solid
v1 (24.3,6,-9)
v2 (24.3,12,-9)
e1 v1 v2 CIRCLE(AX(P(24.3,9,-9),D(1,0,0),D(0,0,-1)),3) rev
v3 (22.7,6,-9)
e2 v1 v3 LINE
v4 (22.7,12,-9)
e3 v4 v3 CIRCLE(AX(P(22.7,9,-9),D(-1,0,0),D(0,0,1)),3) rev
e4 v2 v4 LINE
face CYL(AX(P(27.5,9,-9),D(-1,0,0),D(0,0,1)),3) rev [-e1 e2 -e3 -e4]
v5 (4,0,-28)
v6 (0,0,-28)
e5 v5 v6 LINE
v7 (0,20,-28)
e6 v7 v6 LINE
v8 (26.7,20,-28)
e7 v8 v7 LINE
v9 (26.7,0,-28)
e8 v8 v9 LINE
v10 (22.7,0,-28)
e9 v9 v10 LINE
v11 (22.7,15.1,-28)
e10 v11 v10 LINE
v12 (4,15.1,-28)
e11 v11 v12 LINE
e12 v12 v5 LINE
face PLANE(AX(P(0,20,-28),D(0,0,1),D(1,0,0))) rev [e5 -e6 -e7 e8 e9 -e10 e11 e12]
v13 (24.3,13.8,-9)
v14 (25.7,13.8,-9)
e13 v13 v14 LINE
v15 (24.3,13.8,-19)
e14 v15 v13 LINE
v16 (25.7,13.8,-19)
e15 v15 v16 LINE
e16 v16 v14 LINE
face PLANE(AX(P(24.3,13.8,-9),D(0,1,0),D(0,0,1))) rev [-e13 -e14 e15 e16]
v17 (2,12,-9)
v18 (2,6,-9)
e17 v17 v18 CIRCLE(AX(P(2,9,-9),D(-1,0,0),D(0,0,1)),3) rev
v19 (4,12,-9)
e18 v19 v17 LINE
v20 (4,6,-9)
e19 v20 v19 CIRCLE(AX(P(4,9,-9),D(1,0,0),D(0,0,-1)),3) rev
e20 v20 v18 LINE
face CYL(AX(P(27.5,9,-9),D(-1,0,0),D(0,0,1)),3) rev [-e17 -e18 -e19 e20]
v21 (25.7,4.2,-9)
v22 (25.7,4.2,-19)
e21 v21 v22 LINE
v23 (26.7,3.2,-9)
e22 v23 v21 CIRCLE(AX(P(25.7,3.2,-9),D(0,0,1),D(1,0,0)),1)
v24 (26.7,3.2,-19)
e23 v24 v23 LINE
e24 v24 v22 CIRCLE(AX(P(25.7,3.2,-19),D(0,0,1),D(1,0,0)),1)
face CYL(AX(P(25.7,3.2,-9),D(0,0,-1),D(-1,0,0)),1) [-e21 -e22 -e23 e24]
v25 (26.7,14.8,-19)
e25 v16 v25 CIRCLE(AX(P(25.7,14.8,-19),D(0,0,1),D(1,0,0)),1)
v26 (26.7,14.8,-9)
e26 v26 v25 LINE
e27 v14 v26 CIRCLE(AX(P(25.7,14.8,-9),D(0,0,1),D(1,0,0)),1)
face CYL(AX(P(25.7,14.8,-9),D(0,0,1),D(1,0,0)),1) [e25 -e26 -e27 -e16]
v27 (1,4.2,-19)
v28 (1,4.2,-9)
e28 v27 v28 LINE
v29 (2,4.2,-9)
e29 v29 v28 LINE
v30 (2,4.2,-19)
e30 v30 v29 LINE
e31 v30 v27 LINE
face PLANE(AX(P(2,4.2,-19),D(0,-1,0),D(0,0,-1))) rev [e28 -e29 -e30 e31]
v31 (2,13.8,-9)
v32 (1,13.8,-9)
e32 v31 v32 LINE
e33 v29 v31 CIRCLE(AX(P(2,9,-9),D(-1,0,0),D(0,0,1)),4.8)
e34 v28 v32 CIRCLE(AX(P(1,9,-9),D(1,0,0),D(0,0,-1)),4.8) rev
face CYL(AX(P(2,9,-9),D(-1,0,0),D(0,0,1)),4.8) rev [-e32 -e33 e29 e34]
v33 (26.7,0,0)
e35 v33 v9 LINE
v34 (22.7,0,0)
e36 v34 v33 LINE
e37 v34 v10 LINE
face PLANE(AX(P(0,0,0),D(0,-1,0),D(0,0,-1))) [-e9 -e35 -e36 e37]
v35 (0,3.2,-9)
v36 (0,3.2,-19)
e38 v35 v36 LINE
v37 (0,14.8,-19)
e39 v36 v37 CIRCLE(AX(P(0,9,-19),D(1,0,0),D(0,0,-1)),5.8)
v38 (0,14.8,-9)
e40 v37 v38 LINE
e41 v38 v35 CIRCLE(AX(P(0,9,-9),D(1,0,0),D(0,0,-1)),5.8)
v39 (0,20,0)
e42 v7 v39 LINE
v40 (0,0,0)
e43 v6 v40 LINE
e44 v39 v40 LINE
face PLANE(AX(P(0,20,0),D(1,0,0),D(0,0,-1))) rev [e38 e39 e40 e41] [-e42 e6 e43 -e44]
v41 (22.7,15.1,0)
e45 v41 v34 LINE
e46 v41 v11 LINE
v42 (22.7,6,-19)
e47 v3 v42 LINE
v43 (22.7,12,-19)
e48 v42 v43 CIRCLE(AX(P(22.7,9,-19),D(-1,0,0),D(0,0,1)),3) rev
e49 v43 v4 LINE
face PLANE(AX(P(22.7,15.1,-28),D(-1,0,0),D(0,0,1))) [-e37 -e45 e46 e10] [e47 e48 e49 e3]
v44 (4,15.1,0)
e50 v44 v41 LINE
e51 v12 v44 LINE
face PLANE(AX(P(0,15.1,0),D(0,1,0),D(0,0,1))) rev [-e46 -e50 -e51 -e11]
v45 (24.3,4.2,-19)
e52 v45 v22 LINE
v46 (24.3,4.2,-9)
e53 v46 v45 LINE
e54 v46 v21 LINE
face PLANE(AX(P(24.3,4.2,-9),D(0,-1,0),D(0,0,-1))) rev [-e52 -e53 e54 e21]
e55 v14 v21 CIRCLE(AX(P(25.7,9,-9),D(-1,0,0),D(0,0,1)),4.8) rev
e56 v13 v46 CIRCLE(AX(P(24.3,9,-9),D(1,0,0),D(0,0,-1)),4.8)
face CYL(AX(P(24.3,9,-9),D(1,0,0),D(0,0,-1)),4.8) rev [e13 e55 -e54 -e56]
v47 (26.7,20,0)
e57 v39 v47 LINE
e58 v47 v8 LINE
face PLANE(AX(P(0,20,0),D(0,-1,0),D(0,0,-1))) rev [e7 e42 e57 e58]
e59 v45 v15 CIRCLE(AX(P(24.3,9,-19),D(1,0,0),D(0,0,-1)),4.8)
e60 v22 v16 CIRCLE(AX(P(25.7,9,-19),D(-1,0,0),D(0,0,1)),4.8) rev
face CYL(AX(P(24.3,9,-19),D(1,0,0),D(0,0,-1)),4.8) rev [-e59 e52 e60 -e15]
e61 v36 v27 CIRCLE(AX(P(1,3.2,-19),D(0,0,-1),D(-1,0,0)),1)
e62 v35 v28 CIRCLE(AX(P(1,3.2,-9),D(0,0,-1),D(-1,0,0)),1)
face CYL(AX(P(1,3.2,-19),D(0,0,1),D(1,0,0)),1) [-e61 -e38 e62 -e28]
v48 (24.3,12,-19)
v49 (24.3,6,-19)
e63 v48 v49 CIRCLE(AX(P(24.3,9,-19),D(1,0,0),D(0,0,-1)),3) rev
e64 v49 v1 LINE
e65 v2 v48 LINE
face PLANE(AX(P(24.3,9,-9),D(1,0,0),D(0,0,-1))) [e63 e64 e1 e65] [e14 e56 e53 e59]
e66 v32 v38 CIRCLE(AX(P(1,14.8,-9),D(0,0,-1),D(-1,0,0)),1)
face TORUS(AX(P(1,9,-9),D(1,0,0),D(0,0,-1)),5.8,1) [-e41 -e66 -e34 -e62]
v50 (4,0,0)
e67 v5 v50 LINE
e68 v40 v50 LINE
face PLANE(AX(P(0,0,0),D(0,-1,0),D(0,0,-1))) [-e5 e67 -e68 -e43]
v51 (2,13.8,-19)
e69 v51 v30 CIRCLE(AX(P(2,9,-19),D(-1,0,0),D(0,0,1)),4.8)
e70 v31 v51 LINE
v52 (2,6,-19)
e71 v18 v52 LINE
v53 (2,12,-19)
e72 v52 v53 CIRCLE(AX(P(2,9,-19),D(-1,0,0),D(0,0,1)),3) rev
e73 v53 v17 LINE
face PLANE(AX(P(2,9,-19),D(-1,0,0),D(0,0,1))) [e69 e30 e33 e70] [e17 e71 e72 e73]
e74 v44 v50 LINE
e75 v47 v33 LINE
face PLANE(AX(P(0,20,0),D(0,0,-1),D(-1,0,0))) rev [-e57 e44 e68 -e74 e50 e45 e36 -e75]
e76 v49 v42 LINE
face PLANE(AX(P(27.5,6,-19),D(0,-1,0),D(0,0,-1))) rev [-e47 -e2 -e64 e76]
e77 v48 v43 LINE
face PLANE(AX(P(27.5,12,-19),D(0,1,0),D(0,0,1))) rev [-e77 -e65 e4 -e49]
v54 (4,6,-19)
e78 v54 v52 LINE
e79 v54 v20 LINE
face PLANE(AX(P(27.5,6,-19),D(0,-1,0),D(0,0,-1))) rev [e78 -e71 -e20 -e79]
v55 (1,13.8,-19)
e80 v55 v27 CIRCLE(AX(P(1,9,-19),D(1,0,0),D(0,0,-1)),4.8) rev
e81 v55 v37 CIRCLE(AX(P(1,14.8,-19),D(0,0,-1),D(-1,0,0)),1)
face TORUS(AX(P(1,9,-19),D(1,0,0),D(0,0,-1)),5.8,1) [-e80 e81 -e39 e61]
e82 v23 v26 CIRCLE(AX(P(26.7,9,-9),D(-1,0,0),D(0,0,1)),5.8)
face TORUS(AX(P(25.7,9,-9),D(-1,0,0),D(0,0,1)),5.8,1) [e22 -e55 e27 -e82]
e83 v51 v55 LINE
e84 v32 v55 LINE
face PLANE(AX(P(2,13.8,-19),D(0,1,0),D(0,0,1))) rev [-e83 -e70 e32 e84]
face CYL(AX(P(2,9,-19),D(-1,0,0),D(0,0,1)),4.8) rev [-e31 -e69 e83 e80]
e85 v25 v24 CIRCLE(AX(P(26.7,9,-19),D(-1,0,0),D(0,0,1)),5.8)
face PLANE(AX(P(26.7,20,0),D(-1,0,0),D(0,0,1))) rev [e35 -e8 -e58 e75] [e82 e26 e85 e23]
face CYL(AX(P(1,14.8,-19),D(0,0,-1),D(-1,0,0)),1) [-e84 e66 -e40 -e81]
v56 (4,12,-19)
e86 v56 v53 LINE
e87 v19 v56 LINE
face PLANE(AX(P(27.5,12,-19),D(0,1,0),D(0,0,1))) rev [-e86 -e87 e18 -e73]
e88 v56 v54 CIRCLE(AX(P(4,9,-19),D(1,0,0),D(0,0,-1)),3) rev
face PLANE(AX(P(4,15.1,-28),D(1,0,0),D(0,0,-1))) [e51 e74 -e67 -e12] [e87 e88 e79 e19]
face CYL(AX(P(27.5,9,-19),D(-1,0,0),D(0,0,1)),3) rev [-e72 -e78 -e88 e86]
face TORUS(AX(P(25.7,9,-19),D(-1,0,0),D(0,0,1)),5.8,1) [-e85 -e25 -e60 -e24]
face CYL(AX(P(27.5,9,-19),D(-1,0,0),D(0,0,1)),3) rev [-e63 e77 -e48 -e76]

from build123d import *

# Parameters (mm, degrees)
SKETCH1_W           = 26.7
SKETCH1_H           = 28
BOSS_EXTRUDE1_DEPTH = 20
CUT_EXTRUDE1_DEPTH  = 27.5
CUT_EXTRUDE2_DEPTH  = 2
CUT_EXTRUDE3_DEPTH  = 2.4
SKETCH5_W           = 18.7
SKETCH5_H           = 28
CUT_EXTRUDE4_DEPTH  = 15.1
FILLET1_R           = 1


with BuildPart() as part:
    # Sketch1 → Boss-Extrude1 (new body)
    with BuildSketch(Plane(origin=(0, 0, 0), x_dir=(1, 0, 0), z_dir=(0, 1, 0))):
        with Locations((13.35, 14)):
            Rectangle(SKETCH1_W, SKETCH1_H)
    extrude(amount=BOSS_EXTRUDE1_DEPTH)

    # Sketch2 → Cut-Extrude1 (cut)
    with BuildSketch(Plane.ZY):
        with BuildLine():
            Line((-19, 12), (-9, 12))
            ThreePointArc((-9, 12), (-6, 9), (-9, 6))
            Line((-9, 6), (-19, 6))
            ThreePointArc((-19, 6), (-22, 9), (-19, 12))
        make_face()
    extrude(amount=-CUT_EXTRUDE1_DEPTH, mode=Mode.SUBTRACT)

    # Sketch3 → Cut-Extrude2 (cut)
    with BuildSketch(Plane.ZY):
        with BuildLine():
            Line((-19, 13.8), (-9, 13.8))
            ThreePointArc((-9, 13.8), (-4.2, 9), (-9, 4.2))
            Line((-9, 4.2), (-19, 4.2))
            ThreePointArc((-19, 4.2), (-23.8, 9), (-19, 13.8))
        make_face()
    extrude(amount=-CUT_EXTRUDE2_DEPTH, mode=Mode.SUBTRACT)

    # Sketch4 → Cut-Extrude3 (cut)
    with BuildSketch(Plane(origin=(26.7, 0, 0), x_dir=(0, 0, -1), z_dir=(1, 0, 0))):
        with BuildLine():
            Line((9, 13.8), (19, 13.8))
            ThreePointArc((19, 13.8), (23.8, 9), (19, 4.2))
            Line((19, 4.2), (9, 4.2))
            ThreePointArc((9, 4.2), (4.2, 9), (9, 13.8))
        make_face()
    extrude(amount=-CUT_EXTRUDE3_DEPTH, mode=Mode.SUBTRACT)

    # Sketch5 → Cut-Extrude4 (cut)
    with BuildSketch(Plane(origin=(0, 0, 0), x_dir=(1, 0, 0), z_dir=(0, 1, 0))):
        with Locations((13.35, 14)):
            Rectangle(SKETCH5_W, SKETCH5_H)
    extrude(amount=CUT_EXTRUDE4_DEPTH, mode=Mode.SUBTRACT)

    # Fillet1
    fillet1_edges = [part.edges().sort_by_distance(p)[0] for p in [
        (0, 9, -23.8),
        (0, 4.2, -14),
        (0, 9, -4.2),
        (0, 13.8, -14),
        (26.7, 9, -4.2),
        (26.7, 4.2, -14),
        (26.7, 9, -23.8),
        (26.7, 13.8, -14),
    ]]
    fillet(fillet1_edges, radius=FILLET1_R)


solid = part.part
